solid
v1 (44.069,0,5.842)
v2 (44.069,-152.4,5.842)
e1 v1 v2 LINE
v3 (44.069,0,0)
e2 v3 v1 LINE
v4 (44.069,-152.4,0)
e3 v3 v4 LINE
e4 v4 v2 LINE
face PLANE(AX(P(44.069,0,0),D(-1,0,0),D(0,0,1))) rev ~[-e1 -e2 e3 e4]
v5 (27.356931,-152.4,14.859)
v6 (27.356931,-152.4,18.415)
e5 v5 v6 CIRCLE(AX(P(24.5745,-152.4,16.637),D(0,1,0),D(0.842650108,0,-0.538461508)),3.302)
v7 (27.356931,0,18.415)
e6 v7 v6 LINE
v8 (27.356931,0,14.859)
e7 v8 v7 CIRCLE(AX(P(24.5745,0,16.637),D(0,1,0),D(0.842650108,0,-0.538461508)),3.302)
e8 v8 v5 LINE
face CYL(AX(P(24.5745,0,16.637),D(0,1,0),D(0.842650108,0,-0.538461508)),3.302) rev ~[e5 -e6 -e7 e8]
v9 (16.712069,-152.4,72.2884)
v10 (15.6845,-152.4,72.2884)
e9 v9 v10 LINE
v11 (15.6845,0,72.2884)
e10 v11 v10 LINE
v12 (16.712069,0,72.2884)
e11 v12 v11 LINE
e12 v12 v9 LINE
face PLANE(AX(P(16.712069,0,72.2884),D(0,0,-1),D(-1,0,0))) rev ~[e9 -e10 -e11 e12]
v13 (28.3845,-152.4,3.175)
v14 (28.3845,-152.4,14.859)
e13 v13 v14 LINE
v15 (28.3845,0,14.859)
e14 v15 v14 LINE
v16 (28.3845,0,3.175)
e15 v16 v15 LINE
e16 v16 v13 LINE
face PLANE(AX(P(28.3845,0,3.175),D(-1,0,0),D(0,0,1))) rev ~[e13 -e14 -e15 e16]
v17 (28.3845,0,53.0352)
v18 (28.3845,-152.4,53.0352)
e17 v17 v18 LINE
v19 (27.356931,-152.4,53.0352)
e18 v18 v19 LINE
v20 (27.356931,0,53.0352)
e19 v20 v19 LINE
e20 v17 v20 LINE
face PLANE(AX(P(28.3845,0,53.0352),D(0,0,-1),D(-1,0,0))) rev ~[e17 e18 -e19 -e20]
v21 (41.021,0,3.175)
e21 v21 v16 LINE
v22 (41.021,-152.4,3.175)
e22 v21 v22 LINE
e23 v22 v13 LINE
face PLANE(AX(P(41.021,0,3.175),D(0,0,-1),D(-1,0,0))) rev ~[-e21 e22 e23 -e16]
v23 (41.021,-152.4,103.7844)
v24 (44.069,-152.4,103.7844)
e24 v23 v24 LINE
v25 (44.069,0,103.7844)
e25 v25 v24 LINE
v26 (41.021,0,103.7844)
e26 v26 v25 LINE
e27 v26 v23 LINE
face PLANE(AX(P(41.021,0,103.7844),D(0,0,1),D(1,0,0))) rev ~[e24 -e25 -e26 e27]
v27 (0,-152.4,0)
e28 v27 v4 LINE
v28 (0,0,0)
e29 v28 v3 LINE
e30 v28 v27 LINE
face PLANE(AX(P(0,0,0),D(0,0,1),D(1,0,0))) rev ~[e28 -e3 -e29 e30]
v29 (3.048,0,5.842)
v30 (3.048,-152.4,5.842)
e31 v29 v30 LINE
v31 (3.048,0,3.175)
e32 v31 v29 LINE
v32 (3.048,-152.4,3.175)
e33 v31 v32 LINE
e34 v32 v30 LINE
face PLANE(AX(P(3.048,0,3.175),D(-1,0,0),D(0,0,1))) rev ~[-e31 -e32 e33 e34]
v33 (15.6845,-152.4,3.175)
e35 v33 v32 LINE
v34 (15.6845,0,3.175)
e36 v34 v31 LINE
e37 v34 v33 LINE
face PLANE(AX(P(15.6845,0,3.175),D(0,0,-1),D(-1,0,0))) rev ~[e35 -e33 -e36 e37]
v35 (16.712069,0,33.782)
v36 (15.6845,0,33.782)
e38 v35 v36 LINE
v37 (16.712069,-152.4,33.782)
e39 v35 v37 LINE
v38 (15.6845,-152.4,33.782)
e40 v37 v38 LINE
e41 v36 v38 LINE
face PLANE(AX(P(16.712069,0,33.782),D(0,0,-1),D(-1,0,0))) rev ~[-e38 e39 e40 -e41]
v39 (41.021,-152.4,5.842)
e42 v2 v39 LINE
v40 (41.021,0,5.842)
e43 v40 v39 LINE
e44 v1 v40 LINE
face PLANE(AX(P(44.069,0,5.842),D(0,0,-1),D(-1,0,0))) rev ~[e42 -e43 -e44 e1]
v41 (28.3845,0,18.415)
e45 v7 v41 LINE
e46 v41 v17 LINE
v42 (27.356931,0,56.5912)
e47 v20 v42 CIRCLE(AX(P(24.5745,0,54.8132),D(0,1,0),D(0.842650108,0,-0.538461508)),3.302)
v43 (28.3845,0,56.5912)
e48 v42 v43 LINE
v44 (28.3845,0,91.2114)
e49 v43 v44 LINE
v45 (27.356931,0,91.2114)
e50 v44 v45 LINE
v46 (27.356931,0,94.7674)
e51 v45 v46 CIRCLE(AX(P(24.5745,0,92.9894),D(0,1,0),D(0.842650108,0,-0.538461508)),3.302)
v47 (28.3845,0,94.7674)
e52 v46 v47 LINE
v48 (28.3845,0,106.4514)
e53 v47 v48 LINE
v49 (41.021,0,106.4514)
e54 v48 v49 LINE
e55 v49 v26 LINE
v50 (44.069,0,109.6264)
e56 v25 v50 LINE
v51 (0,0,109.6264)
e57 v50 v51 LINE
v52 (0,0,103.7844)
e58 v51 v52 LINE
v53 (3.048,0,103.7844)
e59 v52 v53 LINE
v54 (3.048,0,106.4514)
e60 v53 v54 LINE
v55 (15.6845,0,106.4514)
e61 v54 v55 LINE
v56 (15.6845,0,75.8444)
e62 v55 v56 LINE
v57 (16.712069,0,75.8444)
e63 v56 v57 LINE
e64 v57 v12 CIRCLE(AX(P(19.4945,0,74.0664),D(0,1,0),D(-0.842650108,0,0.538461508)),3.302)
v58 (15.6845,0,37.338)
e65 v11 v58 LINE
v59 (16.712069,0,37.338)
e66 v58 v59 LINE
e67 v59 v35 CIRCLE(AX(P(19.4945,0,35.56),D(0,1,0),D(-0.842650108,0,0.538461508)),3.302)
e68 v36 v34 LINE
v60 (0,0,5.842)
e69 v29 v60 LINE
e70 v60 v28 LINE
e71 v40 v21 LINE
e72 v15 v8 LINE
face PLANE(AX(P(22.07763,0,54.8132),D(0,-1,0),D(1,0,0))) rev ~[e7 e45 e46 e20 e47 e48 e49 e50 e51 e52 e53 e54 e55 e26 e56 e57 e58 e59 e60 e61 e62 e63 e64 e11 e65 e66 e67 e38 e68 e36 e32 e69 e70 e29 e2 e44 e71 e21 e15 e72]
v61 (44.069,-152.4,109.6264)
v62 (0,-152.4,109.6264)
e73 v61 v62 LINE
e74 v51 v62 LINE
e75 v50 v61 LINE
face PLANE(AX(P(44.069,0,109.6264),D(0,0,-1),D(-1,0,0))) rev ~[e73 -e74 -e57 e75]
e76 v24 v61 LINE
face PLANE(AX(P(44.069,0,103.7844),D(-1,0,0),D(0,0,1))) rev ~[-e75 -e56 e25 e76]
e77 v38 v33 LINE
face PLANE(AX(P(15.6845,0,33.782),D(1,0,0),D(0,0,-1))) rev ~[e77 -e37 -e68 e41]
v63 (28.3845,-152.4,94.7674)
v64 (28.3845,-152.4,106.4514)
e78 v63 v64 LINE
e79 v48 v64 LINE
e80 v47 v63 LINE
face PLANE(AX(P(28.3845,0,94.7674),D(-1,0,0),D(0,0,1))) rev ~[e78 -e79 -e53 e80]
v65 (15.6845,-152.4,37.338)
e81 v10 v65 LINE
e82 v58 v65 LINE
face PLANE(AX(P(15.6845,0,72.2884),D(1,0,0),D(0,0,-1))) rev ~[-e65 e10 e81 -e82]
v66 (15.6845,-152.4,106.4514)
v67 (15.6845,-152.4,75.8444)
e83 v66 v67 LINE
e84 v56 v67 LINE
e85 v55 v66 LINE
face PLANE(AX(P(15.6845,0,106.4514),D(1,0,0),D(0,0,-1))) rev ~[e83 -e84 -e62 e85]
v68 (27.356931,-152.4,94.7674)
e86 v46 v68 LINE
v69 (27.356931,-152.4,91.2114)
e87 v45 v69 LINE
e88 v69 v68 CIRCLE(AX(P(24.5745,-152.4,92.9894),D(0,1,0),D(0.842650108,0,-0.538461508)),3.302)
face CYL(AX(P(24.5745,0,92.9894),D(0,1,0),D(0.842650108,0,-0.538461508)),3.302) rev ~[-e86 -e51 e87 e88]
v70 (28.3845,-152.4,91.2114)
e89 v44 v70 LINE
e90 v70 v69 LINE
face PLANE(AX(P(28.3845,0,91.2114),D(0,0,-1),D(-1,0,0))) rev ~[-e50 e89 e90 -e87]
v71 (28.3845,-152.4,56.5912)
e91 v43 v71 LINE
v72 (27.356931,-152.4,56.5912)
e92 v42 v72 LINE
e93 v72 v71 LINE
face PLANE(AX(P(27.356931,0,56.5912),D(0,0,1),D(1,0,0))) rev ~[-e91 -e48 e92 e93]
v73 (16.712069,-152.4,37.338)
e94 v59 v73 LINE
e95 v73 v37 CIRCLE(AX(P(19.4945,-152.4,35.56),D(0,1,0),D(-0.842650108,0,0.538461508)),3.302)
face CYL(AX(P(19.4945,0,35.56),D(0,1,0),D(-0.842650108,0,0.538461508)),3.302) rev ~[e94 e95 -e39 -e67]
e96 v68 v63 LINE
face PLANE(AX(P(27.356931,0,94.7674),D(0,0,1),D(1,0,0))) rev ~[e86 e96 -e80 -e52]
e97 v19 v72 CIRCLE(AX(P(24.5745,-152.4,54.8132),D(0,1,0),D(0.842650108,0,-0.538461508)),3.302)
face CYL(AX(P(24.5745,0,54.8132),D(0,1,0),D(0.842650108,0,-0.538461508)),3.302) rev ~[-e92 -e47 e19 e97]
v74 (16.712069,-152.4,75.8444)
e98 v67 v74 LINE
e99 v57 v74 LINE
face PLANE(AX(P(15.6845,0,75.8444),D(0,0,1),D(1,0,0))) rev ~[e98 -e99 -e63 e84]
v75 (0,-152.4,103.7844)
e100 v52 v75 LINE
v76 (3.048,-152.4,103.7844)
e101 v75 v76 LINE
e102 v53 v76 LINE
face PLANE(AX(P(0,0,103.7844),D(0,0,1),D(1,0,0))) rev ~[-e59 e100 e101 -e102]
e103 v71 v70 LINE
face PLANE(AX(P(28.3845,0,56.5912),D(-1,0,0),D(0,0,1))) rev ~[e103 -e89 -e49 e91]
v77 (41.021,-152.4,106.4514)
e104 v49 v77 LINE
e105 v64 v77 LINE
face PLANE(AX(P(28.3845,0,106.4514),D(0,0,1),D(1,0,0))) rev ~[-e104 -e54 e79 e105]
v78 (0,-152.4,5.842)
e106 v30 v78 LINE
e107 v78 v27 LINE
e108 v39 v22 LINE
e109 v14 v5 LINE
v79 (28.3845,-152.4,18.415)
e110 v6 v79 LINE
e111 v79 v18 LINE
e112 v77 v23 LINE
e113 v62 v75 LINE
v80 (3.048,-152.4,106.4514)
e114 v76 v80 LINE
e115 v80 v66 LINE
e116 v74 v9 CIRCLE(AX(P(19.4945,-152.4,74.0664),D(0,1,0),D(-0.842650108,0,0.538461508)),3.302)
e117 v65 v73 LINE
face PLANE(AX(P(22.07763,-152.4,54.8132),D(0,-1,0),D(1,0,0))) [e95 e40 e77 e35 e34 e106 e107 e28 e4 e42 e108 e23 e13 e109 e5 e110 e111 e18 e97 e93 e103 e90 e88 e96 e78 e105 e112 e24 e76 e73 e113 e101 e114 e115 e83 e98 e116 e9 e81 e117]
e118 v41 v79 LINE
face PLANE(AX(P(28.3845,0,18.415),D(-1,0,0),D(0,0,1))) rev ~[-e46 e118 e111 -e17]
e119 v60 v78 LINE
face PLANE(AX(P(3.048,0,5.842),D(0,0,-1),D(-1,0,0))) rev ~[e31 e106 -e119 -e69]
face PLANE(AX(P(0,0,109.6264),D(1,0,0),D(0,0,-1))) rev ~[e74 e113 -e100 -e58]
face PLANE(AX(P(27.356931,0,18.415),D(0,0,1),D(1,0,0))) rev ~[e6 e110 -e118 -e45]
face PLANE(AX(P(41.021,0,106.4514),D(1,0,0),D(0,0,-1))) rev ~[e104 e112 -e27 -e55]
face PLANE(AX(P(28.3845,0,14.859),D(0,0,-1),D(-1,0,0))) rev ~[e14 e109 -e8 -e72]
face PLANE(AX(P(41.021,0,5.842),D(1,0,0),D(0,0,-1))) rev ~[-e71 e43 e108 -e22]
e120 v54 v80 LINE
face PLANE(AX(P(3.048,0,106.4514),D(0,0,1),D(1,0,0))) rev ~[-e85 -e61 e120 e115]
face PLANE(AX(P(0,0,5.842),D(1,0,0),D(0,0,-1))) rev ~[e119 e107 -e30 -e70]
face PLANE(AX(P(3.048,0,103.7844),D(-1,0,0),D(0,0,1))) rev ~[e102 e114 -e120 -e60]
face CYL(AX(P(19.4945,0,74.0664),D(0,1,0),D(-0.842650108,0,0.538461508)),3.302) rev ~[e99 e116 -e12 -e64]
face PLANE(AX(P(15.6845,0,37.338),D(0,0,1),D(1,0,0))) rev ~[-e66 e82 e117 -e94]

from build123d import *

# Parameters (mm, degrees)
F1_DEPTH = 152.4


with BuildPart() as f1:
    # F0 (on Front) → F1 (new body)
    with BuildSketch(Plane.XZ):
        with BuildLine():
            Line((0, 5.842), (0, 0))
            Line((0, 0), (44.069, 0))
            Line((44.069, 0), (44.069, 5.842))
            Line((44.069, 5.842), (41.021, 5.842))
            Line((41.021, 5.842), (41.021, 3.175))
            Line((41.021, 3.175), (28.3845, 3.175))
            Line((28.3845, 3.175), (28.3845, 14.859))
            Line((28.3845, 14.859), (27.356931, 14.859))
            ThreePointArc((27.356931, 14.859), (21.2725, 16.637), (27.356931, 18.415))
            Line((27.356931, 18.415), (28.3845, 18.415))
            Line((28.3845, 18.415), (28.3845, 53.0352))
            Line((28.3845, 53.0352), (27.356931, 53.0352))
            ThreePointArc((27.356931, 53.0352), (21.2725, 54.8132), (27.356931, 56.5912))
            Line((27.356931, 56.5912), (28.3845, 56.5912))
            Line((28.3845, 56.5912), (28.3845, 91.2114))
            Line((28.3845, 91.2114), (27.356931, 91.2114))
            ThreePointArc((27.356931, 91.2114), (21.2725, 92.9894), (27.356931, 94.7674))
            Line((27.356931, 94.7674), (28.3845, 94.7674))
            Line((28.3845, 94.7674), (28.3845, 106.4514))
            Line((28.3845, 106.4514), (41.021, 106.4514))
            Line((41.021, 106.4514), (41.021, 103.7844))
            Line((41.021, 103.7844), (44.069, 103.7844))
            Line((44.069, 103.7844), (44.069, 109.6264))
            Line((44.069, 109.6264), (0, 109.6264))
            Line((0, 109.6264), (0, 103.7844))
            Line((0, 103.7844), (3.048, 103.7844))
            Line((3.048, 103.7844), (3.048, 106.4514))
            Line((3.048, 106.4514), (15.6845, 106.4514))
            Line((15.6845, 106.4514), (15.6845, 75.8444))
            Line((15.6845, 75.8444), (16.712069, 75.8444))
            ThreePointArc((16.712069, 75.8444), (22.7965, 74.0664), (16.712069, 72.2884))
            Line((16.712069, 72.2884), (15.6845, 72.2884))
            Line((15.6845, 72.2884), (15.6845, 54.8132))
            Line((15.6845, 54.8132), (15.6845, 37.338))
            Line((15.6845, 37.338), (16.712069, 37.338))
            ThreePointArc((16.712069, 37.338), (22.7965, 35.56), (16.712069, 33.782))
            Line((16.712069, 33.782), (15.6845, 33.782))
            Line((15.6845, 33.782), (15.6845, 3.175))
            Line((15.6845, 3.175), (3.048, 3.175))
            Line((3.048, 3.175), (3.048, 5.842))
            Line((3.048, 5.842), (0, 5.842))
        make_face()
    extrude(amount=F1_DEPTH)


solid = f1.part
